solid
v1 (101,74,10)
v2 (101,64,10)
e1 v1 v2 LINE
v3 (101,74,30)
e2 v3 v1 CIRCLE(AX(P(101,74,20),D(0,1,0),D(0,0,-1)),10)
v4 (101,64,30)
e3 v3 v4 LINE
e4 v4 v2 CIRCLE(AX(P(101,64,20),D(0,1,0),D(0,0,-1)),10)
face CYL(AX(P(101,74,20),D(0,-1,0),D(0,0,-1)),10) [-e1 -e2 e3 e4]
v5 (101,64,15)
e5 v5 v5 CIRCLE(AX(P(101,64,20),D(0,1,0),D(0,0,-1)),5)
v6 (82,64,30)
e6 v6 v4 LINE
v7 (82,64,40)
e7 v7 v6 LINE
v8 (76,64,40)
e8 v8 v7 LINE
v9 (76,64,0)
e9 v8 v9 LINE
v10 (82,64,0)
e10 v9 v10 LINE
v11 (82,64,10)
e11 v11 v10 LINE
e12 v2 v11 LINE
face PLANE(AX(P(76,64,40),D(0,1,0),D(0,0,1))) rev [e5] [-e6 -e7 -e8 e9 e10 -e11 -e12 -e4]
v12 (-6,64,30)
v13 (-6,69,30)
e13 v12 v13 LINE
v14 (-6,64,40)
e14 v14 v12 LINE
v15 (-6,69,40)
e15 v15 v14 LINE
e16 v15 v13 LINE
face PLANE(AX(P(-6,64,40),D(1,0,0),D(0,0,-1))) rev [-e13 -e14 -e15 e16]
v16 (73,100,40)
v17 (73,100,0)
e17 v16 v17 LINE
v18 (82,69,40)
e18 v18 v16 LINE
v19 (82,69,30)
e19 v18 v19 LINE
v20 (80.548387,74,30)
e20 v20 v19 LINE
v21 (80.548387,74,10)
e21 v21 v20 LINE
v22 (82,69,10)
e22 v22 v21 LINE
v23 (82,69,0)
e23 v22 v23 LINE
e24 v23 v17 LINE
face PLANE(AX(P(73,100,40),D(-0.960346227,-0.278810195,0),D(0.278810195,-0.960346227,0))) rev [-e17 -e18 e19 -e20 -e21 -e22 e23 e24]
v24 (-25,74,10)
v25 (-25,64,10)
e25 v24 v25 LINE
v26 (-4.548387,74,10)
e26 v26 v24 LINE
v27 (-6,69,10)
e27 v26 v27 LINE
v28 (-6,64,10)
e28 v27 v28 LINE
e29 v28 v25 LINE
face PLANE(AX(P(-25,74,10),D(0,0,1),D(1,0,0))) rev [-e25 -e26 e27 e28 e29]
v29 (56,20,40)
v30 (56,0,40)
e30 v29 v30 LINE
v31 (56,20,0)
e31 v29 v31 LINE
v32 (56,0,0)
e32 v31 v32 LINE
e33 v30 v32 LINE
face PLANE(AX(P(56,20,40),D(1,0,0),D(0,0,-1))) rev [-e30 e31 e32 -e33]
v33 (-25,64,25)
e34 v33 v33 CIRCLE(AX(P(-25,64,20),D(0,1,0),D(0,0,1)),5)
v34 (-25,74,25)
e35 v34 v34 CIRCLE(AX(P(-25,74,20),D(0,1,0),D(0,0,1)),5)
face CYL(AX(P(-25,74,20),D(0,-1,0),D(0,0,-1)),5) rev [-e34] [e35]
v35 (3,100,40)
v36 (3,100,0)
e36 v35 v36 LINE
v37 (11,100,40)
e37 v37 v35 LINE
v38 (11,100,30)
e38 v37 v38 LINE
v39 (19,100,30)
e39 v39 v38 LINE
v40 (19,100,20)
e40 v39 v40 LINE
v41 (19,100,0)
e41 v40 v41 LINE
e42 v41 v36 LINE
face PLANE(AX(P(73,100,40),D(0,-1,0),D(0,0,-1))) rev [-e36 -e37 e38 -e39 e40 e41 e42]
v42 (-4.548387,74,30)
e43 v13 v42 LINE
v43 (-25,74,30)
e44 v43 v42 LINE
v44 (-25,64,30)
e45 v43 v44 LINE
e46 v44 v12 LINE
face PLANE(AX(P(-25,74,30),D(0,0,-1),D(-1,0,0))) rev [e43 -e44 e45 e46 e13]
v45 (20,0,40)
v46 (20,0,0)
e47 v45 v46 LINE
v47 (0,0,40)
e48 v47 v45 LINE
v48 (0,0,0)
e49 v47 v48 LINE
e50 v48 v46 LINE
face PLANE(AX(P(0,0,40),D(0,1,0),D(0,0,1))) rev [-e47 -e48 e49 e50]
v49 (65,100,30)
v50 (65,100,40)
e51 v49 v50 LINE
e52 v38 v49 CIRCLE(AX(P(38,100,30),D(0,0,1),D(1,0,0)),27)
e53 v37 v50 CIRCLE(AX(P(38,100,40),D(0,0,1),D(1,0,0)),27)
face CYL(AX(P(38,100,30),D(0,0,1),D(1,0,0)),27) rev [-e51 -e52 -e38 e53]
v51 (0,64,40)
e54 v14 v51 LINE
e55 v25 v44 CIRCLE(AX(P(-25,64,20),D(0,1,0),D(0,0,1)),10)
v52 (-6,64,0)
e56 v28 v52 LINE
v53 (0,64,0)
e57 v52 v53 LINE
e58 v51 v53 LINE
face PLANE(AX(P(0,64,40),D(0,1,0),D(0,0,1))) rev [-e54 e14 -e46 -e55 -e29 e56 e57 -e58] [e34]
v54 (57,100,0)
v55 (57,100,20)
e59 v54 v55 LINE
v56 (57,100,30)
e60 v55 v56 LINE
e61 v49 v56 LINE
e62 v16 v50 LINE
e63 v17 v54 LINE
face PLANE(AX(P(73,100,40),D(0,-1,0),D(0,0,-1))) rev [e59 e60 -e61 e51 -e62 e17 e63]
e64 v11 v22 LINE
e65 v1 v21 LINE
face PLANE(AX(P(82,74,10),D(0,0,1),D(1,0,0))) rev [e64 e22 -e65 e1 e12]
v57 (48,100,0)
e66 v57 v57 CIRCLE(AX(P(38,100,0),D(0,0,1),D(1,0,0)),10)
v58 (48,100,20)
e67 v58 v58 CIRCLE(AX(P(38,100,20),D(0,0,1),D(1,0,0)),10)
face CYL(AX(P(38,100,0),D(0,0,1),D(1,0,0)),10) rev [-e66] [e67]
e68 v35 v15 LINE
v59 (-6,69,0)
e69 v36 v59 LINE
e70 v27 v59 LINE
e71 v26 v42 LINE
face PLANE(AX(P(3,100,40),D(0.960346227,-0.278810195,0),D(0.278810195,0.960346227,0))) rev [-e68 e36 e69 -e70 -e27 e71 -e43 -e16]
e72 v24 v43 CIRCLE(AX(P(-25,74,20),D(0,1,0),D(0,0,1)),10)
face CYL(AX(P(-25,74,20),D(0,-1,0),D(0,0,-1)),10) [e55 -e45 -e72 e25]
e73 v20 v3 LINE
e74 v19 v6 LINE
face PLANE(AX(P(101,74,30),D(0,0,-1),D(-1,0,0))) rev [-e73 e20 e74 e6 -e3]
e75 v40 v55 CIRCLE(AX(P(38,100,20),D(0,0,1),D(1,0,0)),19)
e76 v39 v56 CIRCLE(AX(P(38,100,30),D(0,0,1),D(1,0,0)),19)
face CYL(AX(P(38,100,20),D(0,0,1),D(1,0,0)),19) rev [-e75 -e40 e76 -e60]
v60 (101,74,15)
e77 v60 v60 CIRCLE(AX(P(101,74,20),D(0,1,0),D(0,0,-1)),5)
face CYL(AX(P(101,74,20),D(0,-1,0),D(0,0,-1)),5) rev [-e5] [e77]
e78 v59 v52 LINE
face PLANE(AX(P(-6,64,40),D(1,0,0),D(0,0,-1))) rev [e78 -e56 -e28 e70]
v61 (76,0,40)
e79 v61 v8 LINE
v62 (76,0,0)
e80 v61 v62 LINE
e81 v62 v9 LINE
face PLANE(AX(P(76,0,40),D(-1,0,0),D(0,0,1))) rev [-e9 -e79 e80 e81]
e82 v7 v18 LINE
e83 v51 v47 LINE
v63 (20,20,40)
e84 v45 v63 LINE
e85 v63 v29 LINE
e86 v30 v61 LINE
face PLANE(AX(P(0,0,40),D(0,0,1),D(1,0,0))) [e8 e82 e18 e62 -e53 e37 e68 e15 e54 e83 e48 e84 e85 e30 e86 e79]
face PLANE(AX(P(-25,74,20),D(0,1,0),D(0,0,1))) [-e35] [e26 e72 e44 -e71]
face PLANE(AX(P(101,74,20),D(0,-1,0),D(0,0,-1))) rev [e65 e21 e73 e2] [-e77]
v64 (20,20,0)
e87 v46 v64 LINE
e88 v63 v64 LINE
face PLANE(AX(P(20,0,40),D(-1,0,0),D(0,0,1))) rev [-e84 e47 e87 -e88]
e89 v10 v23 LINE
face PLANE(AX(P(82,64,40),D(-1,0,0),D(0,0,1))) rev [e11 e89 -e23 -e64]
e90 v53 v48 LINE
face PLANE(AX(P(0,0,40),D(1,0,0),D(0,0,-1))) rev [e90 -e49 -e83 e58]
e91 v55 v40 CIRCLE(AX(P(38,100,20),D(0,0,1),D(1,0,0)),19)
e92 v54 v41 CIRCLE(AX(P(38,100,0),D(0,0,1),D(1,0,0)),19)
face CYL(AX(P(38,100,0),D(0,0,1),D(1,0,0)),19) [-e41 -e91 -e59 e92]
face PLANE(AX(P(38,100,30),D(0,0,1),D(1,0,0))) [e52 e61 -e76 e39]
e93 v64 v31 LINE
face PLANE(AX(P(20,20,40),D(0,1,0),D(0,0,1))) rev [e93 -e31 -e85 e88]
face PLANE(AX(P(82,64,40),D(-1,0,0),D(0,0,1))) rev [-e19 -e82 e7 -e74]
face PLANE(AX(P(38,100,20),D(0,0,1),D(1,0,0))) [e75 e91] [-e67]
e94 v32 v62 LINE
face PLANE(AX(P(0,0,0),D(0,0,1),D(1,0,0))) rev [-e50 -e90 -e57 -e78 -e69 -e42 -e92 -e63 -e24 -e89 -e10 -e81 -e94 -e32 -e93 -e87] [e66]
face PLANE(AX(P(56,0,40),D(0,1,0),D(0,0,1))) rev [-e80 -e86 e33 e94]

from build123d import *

# Parameters (mm, degrees)
BOSS_EXTRUDE1_DEPTH = 40
SKETCH2_R           = 27
CUT_EXTRUDE3_DEPTH  = 10
SKETCH4_R           = 19
CUT_EXTRUDE4_DEPTH  = 10
SKETCH5_R           = 19
BOSS_EXTRUDE2_DEPTH = 20
SKETCH6_R           = 10
CUT_EXTRUDE6_DEPTH  = 20
BOSS_EXTRUDE4_START = 64
SKETCH7_R           = 5
BOSS_EXTRUDE4_DEPTH = 10


with BuildPart() as part:
    # Sketch1 → Boss-Extrude1 (new body)
    with BuildSketch(Plane.XY):
        Polygon((0, 0), (0, 64), (-6, 64), (-6, 69), (3, 100), (73, 100), (82, 69), (82, 64), (76, 64), (76, 0), (56, 0), (56, 20), (20, 20), (20, 0), align=None)
    extrude(amount=BOSS_EXTRUDE1_DEPTH)

    # Sketch2 → Cut-Extrude3 (cut)
    with BuildSketch(Plane.XY.offset(40)):
        with Locations((38, 100)):
            Circle(SKETCH2_R)
    extrude(amount=-CUT_EXTRUDE3_DEPTH, mode=Mode.SUBTRACT)

    # Sketch4 → Cut-Extrude4 (cut)
    with BuildSketch(Plane.XY.offset(30)):
        with Locations((38, 100)):
            Circle(SKETCH4_R)
    extrude(amount=-CUT_EXTRUDE4_DEPTH, mode=Mode.SUBTRACT)

    # Sketch5 → Boss-Extrude2 (add)
    with BuildSketch(Plane.XY.offset(20)):
        with Locations((38, 100)):
            Circle(SKETCH5_R)
    extrude(amount=-BOSS_EXTRUDE2_DEPTH)

    # Sketch6 → Cut-Extrude6 (cut)
    with BuildSketch(Plane.XY.offset(20)):
        with Locations((38, 100)):
            Circle(SKETCH6_R)
    extrude(amount=-CUT_EXTRUDE6_DEPTH, mode=Mode.SUBTRACT)

    # Sketch7 → Boss-Extrude4 (add)
    # profile 1 of 2: a face of its own
    with BuildSketch(Plane(origin=(0, 0, 0), x_dir=(1, 0, 0), z_dir=(0, 1, 0)).offset(BOSS_EXTRUDE4_START)):
        with BuildLine():
            Line((82, -10), (77.667968987, -10))
            Line((77.667968987, -10), (77.667968987, -30))
            Line((77.667968987, -30), (82, -30))
            Line((82, -30), (101, -30))
            ThreePointArc((101, -30), (111, -20), (101, -10))
            Line((101, -10), (82, -10))
        make_face()
        with Locations(Location((101, -20, 0), (0, 0, 90))):
            Circle(SKETCH7_R, mode=Mode.SUBTRACT)
    # profile 2 of 2: a face of its own
    with BuildSketch(Plane(origin=(0, 0, 0), x_dir=(1, 0, 0), z_dir=(0, 1, 0)).offset(BOSS_EXTRUDE4_START)):
        with BuildLine():
            Line((-6, -10), (-2.389922535, -10))
            Line((-2.389922535, -10), (-2.389922535, -30))
            Line((-2.389922535, -30), (-6, -30))
            Line((-6, -30), (-25, -30))
            ThreePointArc((-25, -30), (-35, -20), (-25, -10))
            Line((-25, -10), (-6, -10))
        make_face()
        with Locations(Location((-25, -20, 0), (0, 0, 270))):
            Circle(SKETCH7_R, mode=Mode.SUBTRACT)
    extrude(amount=BOSS_EXTRUDE4_DEPTH)


solid = part.part
